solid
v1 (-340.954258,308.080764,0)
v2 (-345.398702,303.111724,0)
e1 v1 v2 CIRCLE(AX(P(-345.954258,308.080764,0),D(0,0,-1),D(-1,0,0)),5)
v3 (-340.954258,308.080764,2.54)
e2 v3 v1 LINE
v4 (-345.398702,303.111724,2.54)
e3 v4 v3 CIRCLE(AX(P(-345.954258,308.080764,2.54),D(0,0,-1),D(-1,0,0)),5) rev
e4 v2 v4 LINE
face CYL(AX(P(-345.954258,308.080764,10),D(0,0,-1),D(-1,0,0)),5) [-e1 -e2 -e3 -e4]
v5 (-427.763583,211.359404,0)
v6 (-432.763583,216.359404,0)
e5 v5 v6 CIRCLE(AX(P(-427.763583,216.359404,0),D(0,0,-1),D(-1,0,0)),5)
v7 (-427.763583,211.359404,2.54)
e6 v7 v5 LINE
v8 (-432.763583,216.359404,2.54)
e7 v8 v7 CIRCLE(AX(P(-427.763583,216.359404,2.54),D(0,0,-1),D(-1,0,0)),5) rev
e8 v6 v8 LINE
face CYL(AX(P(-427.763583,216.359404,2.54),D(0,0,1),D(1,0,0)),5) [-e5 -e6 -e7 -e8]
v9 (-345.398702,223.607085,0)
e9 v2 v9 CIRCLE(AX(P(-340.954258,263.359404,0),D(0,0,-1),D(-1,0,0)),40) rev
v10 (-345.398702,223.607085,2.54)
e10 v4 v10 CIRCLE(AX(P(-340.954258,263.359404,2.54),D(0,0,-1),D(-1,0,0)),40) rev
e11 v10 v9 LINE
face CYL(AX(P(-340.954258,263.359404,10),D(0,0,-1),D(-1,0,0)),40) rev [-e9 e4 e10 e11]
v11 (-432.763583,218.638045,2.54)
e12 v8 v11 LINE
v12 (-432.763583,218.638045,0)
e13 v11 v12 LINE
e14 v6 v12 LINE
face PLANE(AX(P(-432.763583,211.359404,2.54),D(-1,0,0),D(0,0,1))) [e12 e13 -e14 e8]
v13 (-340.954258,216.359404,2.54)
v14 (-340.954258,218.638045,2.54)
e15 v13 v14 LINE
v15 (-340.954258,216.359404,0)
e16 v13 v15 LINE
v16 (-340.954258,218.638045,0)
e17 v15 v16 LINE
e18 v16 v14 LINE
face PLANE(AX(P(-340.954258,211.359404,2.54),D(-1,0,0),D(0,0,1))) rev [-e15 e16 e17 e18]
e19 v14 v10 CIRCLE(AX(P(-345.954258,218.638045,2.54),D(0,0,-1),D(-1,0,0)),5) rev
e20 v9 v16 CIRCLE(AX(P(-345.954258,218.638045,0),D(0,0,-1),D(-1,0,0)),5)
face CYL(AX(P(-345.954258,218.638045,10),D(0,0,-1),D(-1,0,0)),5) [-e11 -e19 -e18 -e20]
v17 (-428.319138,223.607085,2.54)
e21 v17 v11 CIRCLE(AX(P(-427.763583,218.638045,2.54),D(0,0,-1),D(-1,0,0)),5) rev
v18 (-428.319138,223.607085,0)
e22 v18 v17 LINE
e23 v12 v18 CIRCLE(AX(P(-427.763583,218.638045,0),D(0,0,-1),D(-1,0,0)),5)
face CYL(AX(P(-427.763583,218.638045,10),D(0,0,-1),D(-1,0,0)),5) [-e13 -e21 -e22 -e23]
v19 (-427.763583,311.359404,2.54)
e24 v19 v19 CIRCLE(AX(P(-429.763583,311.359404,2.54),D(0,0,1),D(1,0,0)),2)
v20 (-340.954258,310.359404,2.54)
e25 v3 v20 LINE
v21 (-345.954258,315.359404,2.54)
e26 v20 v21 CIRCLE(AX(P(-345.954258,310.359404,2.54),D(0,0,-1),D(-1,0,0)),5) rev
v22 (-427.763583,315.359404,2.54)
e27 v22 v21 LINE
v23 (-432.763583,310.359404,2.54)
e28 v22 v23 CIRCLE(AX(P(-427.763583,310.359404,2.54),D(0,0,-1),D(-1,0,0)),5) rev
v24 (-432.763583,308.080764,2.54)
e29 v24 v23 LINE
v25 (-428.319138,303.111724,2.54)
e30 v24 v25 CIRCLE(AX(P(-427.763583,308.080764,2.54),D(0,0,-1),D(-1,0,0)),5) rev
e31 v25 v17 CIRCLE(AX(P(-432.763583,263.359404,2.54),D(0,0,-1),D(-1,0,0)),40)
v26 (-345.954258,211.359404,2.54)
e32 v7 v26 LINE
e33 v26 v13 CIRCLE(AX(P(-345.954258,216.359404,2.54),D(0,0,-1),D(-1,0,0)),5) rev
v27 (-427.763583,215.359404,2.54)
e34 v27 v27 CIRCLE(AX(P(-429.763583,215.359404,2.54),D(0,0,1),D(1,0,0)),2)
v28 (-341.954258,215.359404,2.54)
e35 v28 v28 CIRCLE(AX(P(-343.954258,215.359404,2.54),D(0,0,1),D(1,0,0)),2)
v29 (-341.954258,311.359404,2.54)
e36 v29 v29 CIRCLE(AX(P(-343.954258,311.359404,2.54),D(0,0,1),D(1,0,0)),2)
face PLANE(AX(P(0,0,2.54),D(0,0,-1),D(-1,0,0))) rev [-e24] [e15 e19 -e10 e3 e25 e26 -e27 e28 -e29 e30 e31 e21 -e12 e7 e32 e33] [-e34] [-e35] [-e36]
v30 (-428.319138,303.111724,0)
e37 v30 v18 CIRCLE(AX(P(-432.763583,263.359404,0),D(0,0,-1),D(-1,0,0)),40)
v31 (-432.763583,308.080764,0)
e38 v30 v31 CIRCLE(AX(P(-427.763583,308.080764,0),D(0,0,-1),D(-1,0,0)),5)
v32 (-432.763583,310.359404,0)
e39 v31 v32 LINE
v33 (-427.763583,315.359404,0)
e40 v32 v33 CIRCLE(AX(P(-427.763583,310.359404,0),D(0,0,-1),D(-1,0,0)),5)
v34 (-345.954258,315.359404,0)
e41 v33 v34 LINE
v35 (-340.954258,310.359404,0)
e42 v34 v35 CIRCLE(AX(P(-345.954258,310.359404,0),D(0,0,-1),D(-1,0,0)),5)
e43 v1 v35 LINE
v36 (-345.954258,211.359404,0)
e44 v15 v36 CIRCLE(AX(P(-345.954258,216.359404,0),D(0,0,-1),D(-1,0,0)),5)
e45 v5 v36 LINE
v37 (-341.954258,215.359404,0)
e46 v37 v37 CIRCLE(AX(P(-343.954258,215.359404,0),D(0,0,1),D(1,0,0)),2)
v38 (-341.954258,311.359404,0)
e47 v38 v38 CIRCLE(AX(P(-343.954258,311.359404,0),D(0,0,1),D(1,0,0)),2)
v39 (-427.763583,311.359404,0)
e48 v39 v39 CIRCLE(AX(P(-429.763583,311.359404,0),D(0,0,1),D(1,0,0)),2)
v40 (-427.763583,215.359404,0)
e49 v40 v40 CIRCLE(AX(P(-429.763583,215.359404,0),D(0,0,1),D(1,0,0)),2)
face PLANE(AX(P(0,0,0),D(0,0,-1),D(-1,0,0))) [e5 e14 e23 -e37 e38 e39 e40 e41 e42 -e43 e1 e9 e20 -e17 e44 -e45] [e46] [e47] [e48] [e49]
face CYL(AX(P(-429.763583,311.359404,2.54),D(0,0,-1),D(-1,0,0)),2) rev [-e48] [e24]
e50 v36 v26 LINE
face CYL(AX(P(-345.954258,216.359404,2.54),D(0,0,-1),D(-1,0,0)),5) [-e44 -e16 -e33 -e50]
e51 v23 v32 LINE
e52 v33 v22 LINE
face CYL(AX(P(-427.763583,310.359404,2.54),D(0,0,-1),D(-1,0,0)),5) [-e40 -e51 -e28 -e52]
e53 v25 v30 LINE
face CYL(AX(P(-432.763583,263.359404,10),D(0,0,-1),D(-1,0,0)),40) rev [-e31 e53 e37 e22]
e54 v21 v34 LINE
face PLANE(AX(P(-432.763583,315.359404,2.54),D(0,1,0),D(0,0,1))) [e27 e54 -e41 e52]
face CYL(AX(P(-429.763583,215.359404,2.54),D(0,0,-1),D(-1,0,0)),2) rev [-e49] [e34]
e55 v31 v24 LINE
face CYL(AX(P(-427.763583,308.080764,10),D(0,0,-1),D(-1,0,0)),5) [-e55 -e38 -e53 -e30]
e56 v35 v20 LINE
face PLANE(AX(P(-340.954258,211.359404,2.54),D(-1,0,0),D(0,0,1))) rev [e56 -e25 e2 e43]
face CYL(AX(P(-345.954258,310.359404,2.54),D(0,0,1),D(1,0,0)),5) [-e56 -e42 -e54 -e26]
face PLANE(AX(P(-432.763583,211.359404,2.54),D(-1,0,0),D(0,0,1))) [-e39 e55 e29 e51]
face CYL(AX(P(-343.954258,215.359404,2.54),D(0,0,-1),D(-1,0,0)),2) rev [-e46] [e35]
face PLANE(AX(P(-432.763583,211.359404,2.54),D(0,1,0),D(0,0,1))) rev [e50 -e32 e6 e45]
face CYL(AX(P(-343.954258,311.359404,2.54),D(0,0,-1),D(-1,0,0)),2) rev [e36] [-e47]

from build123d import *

# Parameters (mm, degrees)
SKETCH2_W           = 91.809324831
SKETCH2_H           = 104
BOSS_EXTRUDE1_DEPTH = 2.54
SKETCH1_R           = 2
CUT_EXTRUDE1_DEPTH  = 536.483262079
CUT_EXTRUDE2_DEPTH  = 10
FILLET1_R           = 5


with BuildPart() as part:
    # Sketch2 → Boss-Extrude1 (new body)
    with BuildSketch(Plane.XY):
        with Locations((-386.858920313, 263.359404222)):
            Rectangle(SKETCH2_W, SKETCH2_H)
    extrude(amount=BOSS_EXTRUDE1_DEPTH)

    # Sketch1 → Cut-Extrude1 (cut, through all)
    with BuildSketch(Plane.XY):
        with Locations((-343.954257897, 311.359404222)):
            Circle(SKETCH1_R)
        with Locations((-429.763582728, 311.359404222)):
            Circle(SKETCH1_R)
        with Locations((-429.763582728, 215.359404222)):
            Circle(SKETCH1_R)
        with Locations((-343.954257897, 215.359404222)):
            Circle(SKETCH1_R)
    extrude(amount=CUT_EXTRUDE1_DEPTH, mode=Mode.SUBTRACT)

    # Sketch3 → Cut-Extrude2 (cut)
    with BuildSketch(Plane(origin=(0, 0, 0), x_dir=(-1, 0, 0), z_dir=(0, 0, -1))):
        with BuildLine():
            Line((380.954257897, 263.359404222), (340.954257897, 263.359404222))
            Line((340.954257897, 263.359404222), (340.954257897, 223.359404222))
            ThreePointArc((340.954257897, 223.359404222), (369.238529145, 235.075132974), (380.954257897, 263.359404222))
        make_face()
        with BuildLine():
            Line((340.954257897, 303.359404222), (340.954257897, 263.359404222))
            Line((340.954257897, 263.359404222), (380.954257897, 263.359404222))
            ThreePointArc((380.954257897, 263.359404222), (369.238529145, 291.643675469), (340.954257897, 303.359404222))
        make_face()
        with BuildLine():
            ThreePointArc((432.763582728, 303.359404222), (404.47931148, 291.643675469), (392.763582728, 263.359404222))
            Line((392.763582728, 263.359404222), (432.763582728, 263.359404222))
            Line((432.763582728, 263.359404222), (432.763582728, 303.359404222))
        make_face()
        with BuildLine():
            Line((432.763582728, 263.359404222), (392.763582728, 263.359404222))
            ThreePointArc((392.763582728, 263.359404222), (404.47931148, 235.075132974), (432.763582728, 223.359404222))
            Line((432.763582728, 223.359404222), (432.763582728, 263.359404222))
        make_face()
    extrude(amount=-CUT_EXTRUDE2_DEPTH, mode=Mode.SUBTRACT)

    # Fillet1
    fillet1_edges = [part.edges().sort_by_distance(p)[0] for p in [
        (-340.954257897, 303.359404222, 1.27),
        (-340.954257897, 223.359404222, 1.27),
        (-432.763582728, 303.359404222, 1.27),
        (-432.763582728, 223.359404222, 1.27),
        (-432.763582728, 211.359404222, 1.27),
        (-340.954257897, 211.359404222, 1.27),
        (-340.954257897, 315.359404222, 1.27),
        (-432.763582728, 315.359404222, 1.27),
    ]]
    fillet(fillet1_edges, radius=FILLET1_R)


solid = part.part
